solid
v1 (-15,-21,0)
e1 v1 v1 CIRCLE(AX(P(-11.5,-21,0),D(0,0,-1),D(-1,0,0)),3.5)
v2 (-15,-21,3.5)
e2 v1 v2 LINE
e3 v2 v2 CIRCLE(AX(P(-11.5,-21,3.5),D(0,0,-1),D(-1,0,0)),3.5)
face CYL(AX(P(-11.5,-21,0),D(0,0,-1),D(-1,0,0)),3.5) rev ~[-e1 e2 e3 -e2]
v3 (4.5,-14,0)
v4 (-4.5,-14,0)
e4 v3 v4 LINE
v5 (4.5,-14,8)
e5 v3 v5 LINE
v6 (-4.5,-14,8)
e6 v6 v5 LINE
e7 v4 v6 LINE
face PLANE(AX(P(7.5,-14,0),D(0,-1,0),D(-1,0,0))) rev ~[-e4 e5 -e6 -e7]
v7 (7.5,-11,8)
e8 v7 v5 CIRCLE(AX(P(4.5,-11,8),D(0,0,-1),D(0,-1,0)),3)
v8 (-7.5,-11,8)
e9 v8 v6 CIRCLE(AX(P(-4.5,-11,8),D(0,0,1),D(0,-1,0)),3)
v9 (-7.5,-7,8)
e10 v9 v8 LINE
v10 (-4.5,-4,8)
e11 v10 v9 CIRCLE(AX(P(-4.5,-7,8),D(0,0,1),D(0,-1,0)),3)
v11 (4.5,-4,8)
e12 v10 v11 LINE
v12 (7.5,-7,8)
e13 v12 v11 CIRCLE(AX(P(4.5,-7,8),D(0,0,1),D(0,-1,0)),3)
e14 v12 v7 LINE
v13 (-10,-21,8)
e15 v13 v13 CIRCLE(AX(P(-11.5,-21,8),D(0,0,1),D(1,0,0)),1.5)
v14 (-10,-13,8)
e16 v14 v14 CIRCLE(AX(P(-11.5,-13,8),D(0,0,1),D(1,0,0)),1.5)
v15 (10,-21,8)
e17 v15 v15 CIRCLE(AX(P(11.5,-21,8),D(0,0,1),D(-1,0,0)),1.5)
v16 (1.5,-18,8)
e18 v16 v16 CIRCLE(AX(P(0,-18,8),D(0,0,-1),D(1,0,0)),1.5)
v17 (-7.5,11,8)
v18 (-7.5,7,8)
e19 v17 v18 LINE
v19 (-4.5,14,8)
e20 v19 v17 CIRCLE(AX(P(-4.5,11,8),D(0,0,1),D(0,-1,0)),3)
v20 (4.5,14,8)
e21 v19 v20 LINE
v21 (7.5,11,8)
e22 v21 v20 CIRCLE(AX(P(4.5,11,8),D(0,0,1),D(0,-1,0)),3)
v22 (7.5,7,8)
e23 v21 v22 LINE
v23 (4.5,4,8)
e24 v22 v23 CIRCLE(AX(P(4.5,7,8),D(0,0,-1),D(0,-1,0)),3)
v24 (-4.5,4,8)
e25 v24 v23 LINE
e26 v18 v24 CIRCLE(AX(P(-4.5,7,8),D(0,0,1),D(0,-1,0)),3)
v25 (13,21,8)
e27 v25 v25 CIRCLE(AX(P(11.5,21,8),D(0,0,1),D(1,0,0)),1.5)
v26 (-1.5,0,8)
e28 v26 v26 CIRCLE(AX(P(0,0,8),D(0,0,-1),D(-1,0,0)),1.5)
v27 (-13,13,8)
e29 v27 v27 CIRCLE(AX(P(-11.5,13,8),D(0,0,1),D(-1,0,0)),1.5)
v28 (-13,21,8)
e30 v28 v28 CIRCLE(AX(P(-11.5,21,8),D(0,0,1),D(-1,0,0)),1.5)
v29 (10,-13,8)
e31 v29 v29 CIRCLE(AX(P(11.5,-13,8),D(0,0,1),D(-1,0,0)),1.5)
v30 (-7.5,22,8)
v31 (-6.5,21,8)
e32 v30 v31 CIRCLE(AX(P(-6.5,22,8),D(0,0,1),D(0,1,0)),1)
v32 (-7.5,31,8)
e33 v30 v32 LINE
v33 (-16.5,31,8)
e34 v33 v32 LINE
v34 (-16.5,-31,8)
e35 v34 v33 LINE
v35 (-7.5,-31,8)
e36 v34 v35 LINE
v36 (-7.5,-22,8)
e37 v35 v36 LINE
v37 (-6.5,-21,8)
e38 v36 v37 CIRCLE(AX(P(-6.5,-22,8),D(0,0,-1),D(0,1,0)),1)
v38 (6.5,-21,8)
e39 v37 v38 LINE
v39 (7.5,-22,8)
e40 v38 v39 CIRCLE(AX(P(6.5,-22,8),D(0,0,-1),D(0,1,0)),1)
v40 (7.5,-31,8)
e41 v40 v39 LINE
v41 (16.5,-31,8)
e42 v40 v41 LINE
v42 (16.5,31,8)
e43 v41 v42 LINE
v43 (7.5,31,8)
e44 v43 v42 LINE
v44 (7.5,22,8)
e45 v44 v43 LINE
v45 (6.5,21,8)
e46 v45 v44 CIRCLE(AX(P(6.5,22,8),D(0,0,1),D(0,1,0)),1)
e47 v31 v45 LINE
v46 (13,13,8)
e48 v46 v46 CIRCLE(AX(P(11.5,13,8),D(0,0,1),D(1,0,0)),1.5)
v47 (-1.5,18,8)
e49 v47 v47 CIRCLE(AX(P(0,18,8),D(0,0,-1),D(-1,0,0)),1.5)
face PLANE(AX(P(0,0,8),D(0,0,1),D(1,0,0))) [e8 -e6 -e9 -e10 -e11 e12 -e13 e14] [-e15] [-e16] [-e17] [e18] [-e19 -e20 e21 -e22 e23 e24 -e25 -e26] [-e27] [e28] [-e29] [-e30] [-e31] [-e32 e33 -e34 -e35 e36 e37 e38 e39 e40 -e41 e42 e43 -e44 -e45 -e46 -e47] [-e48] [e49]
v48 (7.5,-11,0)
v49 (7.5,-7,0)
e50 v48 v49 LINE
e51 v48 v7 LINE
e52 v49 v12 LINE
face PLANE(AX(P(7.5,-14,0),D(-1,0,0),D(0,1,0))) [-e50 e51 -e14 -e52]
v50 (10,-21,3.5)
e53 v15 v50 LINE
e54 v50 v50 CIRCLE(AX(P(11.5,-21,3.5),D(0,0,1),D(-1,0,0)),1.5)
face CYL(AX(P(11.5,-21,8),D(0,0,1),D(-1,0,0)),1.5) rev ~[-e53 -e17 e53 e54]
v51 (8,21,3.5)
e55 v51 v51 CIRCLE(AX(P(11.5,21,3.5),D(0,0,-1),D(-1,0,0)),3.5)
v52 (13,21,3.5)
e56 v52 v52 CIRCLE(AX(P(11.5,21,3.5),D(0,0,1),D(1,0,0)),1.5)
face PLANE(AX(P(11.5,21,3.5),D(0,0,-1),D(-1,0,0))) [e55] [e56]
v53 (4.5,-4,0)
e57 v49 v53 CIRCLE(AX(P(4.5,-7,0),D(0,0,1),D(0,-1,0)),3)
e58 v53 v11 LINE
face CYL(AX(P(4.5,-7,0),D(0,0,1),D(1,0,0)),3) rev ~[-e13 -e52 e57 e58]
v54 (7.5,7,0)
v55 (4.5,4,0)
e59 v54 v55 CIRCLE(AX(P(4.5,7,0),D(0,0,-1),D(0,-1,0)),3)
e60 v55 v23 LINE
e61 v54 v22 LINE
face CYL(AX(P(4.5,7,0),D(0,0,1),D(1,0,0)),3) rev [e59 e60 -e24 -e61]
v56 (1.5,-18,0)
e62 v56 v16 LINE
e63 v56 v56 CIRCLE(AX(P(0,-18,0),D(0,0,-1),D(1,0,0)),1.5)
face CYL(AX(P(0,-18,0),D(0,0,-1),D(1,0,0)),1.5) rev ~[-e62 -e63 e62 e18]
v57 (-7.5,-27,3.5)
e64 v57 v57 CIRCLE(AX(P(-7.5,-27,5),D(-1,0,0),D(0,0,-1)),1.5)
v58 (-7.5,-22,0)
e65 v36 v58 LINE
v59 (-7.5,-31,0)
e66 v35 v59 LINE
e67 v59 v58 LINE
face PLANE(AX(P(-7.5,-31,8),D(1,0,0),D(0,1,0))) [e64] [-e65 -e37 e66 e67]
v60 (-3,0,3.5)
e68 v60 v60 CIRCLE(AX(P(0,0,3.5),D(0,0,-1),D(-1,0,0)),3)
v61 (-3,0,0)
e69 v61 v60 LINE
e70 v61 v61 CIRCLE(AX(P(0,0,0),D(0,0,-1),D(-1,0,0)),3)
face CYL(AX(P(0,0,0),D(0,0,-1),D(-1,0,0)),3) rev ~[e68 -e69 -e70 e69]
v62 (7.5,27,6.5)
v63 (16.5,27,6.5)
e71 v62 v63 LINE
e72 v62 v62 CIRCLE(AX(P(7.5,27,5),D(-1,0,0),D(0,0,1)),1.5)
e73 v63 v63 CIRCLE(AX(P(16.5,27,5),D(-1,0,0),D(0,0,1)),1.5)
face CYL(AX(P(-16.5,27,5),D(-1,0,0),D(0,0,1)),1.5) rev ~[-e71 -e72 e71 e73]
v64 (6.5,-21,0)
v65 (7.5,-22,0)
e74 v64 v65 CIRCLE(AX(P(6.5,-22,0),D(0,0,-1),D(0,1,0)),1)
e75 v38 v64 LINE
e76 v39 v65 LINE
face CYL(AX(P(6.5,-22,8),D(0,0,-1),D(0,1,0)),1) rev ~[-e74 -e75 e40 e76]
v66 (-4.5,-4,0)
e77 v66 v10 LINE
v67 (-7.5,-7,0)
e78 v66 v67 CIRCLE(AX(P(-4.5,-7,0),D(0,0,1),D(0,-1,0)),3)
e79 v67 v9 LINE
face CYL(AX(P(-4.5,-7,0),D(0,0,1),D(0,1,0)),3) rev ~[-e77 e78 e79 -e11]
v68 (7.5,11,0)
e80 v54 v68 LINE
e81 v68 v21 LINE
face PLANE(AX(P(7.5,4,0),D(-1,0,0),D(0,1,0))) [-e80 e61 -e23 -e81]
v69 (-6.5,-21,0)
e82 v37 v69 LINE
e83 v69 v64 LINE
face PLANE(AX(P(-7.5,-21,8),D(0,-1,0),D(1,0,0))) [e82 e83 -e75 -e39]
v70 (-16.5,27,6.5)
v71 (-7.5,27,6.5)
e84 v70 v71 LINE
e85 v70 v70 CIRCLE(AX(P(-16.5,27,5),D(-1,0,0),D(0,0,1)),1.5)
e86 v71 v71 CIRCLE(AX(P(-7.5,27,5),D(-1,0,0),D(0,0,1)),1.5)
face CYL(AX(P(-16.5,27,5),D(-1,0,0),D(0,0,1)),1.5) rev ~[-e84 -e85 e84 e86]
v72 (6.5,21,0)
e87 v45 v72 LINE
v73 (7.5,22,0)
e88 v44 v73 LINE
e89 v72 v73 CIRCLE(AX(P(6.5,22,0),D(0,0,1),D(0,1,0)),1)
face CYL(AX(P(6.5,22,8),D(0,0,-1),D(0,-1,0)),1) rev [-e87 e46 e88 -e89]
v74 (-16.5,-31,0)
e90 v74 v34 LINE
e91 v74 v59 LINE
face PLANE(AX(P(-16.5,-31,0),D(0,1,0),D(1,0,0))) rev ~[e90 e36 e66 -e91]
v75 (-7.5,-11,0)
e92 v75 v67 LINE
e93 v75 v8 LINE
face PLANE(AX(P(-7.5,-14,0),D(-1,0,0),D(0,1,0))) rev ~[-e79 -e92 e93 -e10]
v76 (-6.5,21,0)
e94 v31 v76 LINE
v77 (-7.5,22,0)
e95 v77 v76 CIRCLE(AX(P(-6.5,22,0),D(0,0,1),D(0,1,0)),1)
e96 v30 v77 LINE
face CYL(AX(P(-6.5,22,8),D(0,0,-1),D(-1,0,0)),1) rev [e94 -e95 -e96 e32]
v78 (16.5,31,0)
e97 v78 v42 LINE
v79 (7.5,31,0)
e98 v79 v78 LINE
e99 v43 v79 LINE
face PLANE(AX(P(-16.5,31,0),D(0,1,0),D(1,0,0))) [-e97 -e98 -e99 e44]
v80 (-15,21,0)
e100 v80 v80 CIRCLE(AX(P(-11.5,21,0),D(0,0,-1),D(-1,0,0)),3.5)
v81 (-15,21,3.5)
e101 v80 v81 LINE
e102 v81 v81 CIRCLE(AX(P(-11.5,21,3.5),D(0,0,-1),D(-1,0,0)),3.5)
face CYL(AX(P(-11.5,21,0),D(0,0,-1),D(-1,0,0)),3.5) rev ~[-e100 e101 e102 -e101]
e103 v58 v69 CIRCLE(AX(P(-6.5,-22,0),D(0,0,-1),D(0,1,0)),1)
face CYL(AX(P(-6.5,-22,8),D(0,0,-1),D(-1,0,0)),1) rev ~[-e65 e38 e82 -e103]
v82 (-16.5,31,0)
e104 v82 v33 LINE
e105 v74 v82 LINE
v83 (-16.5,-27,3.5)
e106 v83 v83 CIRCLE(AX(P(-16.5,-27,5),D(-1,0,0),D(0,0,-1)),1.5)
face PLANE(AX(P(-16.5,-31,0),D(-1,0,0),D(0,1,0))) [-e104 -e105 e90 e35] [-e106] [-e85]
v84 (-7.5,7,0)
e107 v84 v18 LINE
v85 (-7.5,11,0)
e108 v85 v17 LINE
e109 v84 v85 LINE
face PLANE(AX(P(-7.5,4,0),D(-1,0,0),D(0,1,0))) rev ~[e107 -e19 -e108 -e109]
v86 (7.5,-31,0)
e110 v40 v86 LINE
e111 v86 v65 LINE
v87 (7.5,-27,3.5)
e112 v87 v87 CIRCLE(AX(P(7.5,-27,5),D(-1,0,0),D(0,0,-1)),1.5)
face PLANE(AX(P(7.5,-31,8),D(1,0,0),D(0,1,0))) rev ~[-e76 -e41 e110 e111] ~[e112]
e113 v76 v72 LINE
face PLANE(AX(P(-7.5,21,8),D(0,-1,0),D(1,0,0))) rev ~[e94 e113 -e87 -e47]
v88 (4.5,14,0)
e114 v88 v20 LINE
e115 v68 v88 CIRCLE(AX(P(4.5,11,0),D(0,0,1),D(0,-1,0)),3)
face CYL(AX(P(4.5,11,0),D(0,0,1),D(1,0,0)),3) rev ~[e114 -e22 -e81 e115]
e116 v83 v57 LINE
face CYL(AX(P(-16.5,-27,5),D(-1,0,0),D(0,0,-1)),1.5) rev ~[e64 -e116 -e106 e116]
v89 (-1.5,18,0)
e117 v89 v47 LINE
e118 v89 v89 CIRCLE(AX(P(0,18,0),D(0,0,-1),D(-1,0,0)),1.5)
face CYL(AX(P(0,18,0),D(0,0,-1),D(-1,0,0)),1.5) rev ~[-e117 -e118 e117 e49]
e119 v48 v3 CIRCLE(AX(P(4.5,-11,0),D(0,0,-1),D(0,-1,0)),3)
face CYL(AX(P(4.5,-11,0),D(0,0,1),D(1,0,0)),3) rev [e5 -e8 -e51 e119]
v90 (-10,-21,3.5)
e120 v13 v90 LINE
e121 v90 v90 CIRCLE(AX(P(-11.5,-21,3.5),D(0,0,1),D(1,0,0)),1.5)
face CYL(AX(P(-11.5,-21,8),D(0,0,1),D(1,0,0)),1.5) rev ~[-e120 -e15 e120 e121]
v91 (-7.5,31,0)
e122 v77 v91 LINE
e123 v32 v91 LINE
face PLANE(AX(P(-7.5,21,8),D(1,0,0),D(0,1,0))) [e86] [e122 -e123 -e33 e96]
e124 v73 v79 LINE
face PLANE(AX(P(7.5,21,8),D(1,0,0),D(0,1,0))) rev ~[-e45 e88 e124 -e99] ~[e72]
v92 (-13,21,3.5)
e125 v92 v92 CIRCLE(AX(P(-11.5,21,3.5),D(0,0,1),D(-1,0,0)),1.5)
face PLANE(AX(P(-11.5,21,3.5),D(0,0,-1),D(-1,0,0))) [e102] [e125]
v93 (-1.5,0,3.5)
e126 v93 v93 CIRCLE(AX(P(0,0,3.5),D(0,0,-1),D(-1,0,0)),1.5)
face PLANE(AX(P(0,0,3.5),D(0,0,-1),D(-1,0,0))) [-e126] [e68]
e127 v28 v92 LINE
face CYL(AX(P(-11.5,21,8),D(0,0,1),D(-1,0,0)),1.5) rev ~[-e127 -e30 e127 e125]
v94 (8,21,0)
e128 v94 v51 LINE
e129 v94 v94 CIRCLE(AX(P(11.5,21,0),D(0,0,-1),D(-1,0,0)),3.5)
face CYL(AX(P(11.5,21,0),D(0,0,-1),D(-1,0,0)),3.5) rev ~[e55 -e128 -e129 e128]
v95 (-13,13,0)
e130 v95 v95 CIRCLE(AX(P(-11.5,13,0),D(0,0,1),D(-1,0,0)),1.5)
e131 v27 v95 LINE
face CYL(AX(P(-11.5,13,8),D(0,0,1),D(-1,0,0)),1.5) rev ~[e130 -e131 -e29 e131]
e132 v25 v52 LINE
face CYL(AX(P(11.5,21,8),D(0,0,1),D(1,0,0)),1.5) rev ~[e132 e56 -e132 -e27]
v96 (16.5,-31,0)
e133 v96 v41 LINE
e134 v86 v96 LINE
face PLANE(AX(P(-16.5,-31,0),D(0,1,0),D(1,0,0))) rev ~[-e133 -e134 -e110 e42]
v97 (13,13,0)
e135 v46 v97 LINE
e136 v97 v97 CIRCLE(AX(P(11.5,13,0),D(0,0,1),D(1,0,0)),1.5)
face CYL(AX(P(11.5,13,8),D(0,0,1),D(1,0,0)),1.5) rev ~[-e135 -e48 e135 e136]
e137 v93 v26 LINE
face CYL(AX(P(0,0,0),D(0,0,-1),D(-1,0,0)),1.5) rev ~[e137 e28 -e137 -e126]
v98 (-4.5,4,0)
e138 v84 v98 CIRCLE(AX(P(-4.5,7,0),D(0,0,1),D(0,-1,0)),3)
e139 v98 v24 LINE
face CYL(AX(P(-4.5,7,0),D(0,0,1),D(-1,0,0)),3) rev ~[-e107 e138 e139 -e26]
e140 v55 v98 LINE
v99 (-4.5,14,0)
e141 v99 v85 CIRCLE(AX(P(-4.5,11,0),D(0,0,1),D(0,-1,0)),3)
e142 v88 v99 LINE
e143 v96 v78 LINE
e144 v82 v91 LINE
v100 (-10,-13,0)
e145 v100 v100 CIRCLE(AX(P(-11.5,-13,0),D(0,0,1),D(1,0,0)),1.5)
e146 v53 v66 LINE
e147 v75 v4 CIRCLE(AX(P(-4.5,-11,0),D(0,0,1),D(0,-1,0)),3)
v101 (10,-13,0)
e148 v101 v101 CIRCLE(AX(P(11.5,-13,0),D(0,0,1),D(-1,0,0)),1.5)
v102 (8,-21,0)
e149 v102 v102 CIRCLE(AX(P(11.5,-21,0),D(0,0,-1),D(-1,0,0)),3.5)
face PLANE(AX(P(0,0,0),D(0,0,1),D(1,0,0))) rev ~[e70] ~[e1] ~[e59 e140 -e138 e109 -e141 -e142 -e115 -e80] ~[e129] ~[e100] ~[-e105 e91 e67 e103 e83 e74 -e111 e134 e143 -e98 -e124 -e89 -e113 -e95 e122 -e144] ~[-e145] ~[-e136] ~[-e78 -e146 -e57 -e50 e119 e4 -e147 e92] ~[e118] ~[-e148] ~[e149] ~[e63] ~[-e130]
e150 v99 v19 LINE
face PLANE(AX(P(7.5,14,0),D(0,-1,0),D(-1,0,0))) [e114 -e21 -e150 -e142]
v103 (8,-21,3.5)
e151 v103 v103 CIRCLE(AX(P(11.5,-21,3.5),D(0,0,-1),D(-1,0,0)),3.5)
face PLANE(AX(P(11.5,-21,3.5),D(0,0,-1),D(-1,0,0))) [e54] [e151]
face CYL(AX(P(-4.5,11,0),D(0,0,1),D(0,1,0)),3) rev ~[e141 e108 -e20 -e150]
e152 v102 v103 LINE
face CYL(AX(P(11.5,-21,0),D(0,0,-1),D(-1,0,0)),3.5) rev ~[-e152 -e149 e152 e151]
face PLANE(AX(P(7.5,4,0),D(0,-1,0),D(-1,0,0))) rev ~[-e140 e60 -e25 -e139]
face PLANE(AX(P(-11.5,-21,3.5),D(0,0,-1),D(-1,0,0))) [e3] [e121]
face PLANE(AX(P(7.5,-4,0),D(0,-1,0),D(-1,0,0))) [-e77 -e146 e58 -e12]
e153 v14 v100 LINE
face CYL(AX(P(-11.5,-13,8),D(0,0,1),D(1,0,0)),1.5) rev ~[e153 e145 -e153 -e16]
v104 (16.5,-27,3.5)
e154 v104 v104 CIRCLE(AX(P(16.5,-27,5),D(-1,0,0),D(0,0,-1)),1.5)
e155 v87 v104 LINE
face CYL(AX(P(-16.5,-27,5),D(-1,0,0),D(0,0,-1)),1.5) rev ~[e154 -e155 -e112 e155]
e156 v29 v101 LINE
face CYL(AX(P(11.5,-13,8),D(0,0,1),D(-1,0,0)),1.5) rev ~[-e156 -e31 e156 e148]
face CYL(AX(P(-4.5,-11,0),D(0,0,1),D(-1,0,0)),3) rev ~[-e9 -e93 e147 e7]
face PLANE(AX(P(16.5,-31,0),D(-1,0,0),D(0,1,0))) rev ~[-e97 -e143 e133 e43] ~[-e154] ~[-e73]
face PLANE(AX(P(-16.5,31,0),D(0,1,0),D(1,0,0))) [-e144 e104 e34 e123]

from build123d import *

# Parameters (mm, degrees)
SKETCH_1_W          = 33
SKETCH_1_H          = 62
EXTRUDE_1_DEPTH     = 8
SKETCH_2_W          = 15
SKETCH_2_H          = 10
CUT_EXTRUDE_1_DEPTH = 37.017356927
SKETCH_3_R          = 1.5
CUT_EXTRUDE_2_DEPTH = 37.017356927
SKETCH_4_R          = 1.5
CUT_EXTRUDE_3_DEPTH = 46.97825573
FILLET_2_R          = 1
SKETCH_5_R          = 1.5
CUT_EXTRUDE_4_DEPTH = 37.017356927
SKETCH_7_W          = 15
SKETCH_7_H          = 10
CUT_EXTRUDE_5_DEPTH = 37.017356927
FILLET_3_R          = 3
SKETCH_8_R          = 3.5
SKETCH_8_R_2        = 3
CUT_EXTRUDE_6_DEPTH = 3.5


with BuildPart() as part:
    # 草图1 → 凸台-拉伸1 (new body)
    with BuildSketch(Plane.XY):
        Rectangle(SKETCH_1_W, SKETCH_1_H)
    extrude(amount=EXTRUDE_1_DEPTH)

    # 草图2 → 切除-拉伸1 (cut, through all)
    with BuildSketch(Plane.XY.offset(8)):
        with Locations((0, 26)):
            Rectangle(SKETCH_2_W, SKETCH_2_H)
        with Locations((0, -26)):
            Rectangle(SKETCH_2_W, SKETCH_2_H)
    extrude(amount=-CUT_EXTRUDE_1_DEPTH, mode=Mode.SUBTRACT)

    # 草图3 → 切除-拉伸2 (cut, through all)
    with BuildSketch(Plane.XY.offset(8)):
        with Locations((11.5, 13)):
            Circle(SKETCH_3_R)
        with Locations((11.5, 21)):
            Circle(SKETCH_3_R)
        with Locations(Location((11.5, -21, 0), (0, 0, 180))):
            Circle(SKETCH_3_R)
        with Locations(Location((11.5, -13, 0), (0, 0, 180))):
            Circle(SKETCH_3_R)
        with Locations((-11.5, -13)):
            Circle(SKETCH_3_R)
        with Locations((-11.5, -21)):
            Circle(SKETCH_3_R)
        with Locations(Location((-11.5, 21, 0), (0, 0, 180))):
            Circle(SKETCH_3_R)
        with Locations(Location((-11.5, 13, 0), (0, 0, 180))):
            Circle(SKETCH_3_R)
    extrude(amount=-CUT_EXTRUDE_2_DEPTH, mode=Mode.SUBTRACT)

    # 草图4 → 切除-拉伸3 (cut, through all)
    with BuildSketch(Plane.ZY.offset(16.5)):
        with Locations((5, 27)):
            Circle(SKETCH_4_R)
        with Locations(Location((5, -27, 0), (0, 0, 180))):
            Circle(SKETCH_4_R)
    extrude(amount=-CUT_EXTRUDE_3_DEPTH, mode=Mode.SUBTRACT)

    # 圆角2
    fillet_2_edges = [part.edges().sort_by_distance(p)[0] for p in [
        (7.5, 21, 4),
        (-7.5, 21, 4),
        (-7.5, -21, 4),
        (7.5, -21, 4),
    ]]
    fillet(fillet_2_edges, radius=FILLET_2_R)

    # 草图5 → 切除-拉伸4 (cut, through all)
    with BuildSketch(Plane(origin=(0, 0, 0), x_dir=(-1, 0, 0), z_dir=(0, 0, -1))):
        Circle(SKETCH_5_R)
        with Locations((0, 18)):
            Circle(SKETCH_5_R)
        with Locations(Location((0, -18, 0), (0, 0, 180))):
            Circle(SKETCH_5_R)
    extrude(amount=-CUT_EXTRUDE_4_DEPTH, mode=Mode.SUBTRACT)

    # 草图7 → 切除-拉伸5 (cut, through all)
    with BuildSketch(Plane(origin=(0, 0, 0), x_dir=(-1, 0, 0), z_dir=(0, 0, -1))):
        with Locations((0, 9)):
            Rectangle(SKETCH_7_W, SKETCH_7_H)
        with Locations((0, -9)):
            Rectangle(SKETCH_7_W, SKETCH_7_H)
    extrude(amount=-CUT_EXTRUDE_5_DEPTH, mode=Mode.SUBTRACT)

    # 圆角3
    fillet_3_edges = [part.edges().sort_by_distance(p)[0] for p in [
        (-7.5, 14, 4),
        (-7.5, 4, 4),
        (7.5, 4, 4),
        (7.5, 14, 4),
        (7.5, -14, 4),
        (7.5, -4, 4),
        (-7.5, -4, 4),
        (-7.5, -14, 4),
    ]]
    fillet(fillet_3_edges, radius=FILLET_3_R)

    # 草图8 → 切除-拉伸6 (cut)
    with BuildSketch(Plane(origin=(0, 0, 0), x_dir=(-1, 0, 0), z_dir=(0, 0, -1))):
        with Locations((11.5, 21)):
            Circle(SKETCH_8_R)
        with Locations((-11.5, 21)):
            Circle(SKETCH_8_R)
        with Locations((-11.5, -21)):
            Circle(SKETCH_8_R)
        with Locations((11.5, -21)):
            Circle(SKETCH_8_R)
        Circle(SKETCH_8_R_2)
    extrude(amount=-CUT_EXTRUDE_6_DEPTH, mode=Mode.SUBTRACT)


solid = part.part
